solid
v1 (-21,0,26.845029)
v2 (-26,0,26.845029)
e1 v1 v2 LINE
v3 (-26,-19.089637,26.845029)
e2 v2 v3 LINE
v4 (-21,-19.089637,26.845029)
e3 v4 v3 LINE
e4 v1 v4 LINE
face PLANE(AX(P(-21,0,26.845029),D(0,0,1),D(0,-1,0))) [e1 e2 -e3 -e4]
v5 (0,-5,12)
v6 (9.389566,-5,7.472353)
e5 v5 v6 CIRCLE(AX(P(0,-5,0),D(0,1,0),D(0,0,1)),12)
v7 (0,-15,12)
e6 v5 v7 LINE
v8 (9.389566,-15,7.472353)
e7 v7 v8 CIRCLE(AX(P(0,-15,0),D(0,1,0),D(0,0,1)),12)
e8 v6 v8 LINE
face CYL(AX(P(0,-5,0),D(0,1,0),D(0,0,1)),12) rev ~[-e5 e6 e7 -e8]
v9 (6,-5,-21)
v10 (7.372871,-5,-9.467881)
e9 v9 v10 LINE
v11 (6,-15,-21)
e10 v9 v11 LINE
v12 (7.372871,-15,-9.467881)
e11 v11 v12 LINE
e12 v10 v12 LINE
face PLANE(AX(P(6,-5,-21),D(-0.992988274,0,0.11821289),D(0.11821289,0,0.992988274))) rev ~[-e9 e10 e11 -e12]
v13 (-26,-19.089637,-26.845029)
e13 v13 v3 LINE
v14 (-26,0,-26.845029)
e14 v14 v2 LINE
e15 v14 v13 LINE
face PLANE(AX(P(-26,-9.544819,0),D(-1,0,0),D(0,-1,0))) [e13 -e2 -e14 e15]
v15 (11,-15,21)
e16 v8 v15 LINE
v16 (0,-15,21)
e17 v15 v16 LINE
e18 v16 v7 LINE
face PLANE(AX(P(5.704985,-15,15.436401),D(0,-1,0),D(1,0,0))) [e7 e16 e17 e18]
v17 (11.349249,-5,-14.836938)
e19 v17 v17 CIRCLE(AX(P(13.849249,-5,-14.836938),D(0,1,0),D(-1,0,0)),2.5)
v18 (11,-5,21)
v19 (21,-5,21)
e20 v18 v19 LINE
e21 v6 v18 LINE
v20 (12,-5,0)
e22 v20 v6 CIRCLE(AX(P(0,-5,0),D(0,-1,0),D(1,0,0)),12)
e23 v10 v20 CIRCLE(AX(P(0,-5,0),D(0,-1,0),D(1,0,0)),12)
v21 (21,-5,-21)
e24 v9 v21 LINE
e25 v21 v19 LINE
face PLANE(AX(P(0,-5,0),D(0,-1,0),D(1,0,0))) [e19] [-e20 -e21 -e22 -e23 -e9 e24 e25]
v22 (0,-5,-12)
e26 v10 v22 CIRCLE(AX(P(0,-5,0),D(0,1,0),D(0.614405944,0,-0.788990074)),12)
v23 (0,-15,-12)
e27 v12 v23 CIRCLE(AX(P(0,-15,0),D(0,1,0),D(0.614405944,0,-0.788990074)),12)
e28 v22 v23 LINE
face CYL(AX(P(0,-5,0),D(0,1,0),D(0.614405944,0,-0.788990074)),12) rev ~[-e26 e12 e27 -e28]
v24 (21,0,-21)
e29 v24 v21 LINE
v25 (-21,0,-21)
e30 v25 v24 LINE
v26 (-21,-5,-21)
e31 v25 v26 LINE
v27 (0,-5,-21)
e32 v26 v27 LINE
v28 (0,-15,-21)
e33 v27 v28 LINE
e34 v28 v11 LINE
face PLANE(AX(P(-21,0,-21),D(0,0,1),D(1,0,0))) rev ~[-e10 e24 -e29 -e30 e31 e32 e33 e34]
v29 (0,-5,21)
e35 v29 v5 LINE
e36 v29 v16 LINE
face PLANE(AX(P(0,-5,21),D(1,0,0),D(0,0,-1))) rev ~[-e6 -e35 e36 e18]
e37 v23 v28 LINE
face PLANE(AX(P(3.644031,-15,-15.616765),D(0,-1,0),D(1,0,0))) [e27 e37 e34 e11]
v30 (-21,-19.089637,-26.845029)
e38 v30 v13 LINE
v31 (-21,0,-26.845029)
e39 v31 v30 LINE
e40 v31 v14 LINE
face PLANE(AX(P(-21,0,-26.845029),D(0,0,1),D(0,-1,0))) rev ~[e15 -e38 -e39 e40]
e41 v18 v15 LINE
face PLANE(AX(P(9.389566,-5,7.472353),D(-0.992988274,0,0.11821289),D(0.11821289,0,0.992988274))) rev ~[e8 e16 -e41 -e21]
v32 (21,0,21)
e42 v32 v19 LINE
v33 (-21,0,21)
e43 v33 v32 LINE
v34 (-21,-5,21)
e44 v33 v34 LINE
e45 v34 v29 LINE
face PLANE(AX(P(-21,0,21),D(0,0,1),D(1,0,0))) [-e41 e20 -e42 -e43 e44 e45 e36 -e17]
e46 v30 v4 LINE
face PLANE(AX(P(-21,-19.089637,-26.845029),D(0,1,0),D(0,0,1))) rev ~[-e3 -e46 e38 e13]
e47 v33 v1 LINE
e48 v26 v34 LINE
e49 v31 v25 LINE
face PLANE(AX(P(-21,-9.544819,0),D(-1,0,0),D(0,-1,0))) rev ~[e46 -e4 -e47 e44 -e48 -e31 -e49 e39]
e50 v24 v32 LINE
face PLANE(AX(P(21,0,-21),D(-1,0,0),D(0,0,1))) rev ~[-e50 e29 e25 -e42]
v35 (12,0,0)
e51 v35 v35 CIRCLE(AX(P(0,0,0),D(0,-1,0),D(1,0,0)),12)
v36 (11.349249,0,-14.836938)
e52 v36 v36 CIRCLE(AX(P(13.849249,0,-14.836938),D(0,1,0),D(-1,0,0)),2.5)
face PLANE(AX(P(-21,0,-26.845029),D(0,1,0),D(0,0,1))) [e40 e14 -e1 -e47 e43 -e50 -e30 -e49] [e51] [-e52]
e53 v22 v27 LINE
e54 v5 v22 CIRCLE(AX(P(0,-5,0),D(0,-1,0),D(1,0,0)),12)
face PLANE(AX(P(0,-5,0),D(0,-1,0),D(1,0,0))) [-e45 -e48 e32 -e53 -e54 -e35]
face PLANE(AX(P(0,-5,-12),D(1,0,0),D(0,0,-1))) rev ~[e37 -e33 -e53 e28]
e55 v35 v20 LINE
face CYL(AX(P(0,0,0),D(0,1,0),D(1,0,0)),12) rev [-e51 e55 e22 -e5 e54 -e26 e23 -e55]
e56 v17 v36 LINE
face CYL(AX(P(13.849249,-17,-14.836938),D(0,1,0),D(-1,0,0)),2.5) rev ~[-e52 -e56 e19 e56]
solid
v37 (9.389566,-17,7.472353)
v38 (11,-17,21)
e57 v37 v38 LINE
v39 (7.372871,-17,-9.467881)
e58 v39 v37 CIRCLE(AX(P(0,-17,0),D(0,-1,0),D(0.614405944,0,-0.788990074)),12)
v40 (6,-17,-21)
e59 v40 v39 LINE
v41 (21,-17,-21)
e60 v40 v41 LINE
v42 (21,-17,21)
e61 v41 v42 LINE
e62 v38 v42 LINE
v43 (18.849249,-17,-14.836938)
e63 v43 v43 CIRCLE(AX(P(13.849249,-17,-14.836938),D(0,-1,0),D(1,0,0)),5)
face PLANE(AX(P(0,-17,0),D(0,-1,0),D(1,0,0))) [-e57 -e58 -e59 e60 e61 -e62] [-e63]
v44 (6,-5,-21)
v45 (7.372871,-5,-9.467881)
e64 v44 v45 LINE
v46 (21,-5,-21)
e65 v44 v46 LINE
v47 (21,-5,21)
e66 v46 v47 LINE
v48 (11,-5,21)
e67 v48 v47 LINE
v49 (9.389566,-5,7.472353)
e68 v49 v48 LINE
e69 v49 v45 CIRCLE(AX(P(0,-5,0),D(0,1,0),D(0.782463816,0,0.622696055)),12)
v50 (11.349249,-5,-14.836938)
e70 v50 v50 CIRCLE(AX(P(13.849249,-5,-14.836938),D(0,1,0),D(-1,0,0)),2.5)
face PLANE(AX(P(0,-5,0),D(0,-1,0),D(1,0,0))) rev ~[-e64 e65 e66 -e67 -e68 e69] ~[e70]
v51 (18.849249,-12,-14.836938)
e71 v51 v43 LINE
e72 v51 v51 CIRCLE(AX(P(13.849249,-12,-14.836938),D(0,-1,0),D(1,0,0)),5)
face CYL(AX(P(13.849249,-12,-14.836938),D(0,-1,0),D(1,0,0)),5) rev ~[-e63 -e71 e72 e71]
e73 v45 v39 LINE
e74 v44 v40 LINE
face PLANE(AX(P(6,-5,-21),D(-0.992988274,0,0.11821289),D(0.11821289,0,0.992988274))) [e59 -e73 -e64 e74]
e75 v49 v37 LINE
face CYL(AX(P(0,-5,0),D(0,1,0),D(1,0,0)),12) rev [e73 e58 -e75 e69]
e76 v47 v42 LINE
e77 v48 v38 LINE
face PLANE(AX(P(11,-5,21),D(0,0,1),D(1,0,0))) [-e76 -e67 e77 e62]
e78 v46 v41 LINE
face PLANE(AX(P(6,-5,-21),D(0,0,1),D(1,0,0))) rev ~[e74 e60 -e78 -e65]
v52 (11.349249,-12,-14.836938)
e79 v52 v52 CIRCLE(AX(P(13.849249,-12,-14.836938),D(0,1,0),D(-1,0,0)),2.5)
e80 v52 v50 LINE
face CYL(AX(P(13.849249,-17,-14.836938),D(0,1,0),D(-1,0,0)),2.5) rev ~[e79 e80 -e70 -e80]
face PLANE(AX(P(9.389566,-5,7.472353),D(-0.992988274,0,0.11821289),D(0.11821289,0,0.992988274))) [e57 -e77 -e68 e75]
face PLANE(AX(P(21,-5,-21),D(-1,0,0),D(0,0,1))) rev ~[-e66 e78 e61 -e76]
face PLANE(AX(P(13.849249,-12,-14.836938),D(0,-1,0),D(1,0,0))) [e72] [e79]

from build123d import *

# Parameters (mm, degrees)
F0_W             = 42
F0_H             = 42
F0_R             = 12
F1_DEPTH         = 5
F2_W             = 19.0896373242
F2_H             = 53.6900572479
F3_DEPTH         = 5
F5_DEPTH         = 10
F6_DEPTH         = 12
F8_D             = 5
F8_CBORE_D       = 10
F8_CBORE_DEPTH   = 5
F8_2_D           = 5
F8_2_CBORE_D     = 10
F8_2_CBORE_DEPTH = 5


with BuildPart() as f1:
    # F0 (on Front) → F1 (new body)
    with BuildSketch(Plane.XZ):
        Rectangle(F0_W, F0_H)
        Circle(F0_R, mode=Mode.SUBTRACT)
    extrude(amount=F1_DEPTH)

    # F2 (on face) → F3 (join)
    with BuildSketch(Plane(origin=(-21, 0, 0), x_dir=(0, -1, 0), z_dir=(-1, 0, 0))):
        with Locations((9.5448186621, 0)):
            Rectangle(F2_W, F2_H)
    extrude(amount=F3_DEPTH)

    # F4 (on face) → F5 (join)
    with BuildSketch(Plane.XZ.offset(5)):
        with BuildLine():
            Line((9.3895657925, 7.4723526569), (11, 21))
            Line((11, 21), (0, 21))
            Line((0, 21), (0, 12))
            ThreePointArc((0, 12), (5.2120901814, 10.8089831132), (9.3895657925, 7.4723526569))
        make_face()
        with BuildLine():
            Line((6, -21), (7.3728713232, -9.4678808849))
            ThreePointArc((7.3728713232, -9.4678808849), (3.8977833047, -11.3493297295), (0, -12))
            Line((0, -12), (0, -21))
            Line((0, -21), (6, -21))
        make_face()
    extrude(amount=F5_DEPTH)


with BuildPart() as f6:
    # F6 (new): a face of the model
    f6_faces = [f1.part.faces().sort_by_distance(p)[0] for p in [
        (15.0870554418, -5, -1.4200647771),
    ]]
    extrude(f6_faces, amount=F6_DEPTH)

    # F8#2 (through all)
    with Locations(Plane.XZ.offset(17)):
        with Locations((13.8492491096, -14.8369381204)):
            CounterBoreHole(F8_2_D / 2, F8_2_CBORE_D / 2, F8_2_CBORE_DEPTH)


with BuildPart() as f1_1:
    add(f1.part)

    # F8 (through all)
    with Locations(Plane.XZ.offset(17)):
        with Locations((13.8492491096, -14.8369381204)):
            CounterBoreHole(F8_D / 2, F8_CBORE_D / 2, F8_CBORE_DEPTH)


solid = Compound([f6.part, f1_1.part])
